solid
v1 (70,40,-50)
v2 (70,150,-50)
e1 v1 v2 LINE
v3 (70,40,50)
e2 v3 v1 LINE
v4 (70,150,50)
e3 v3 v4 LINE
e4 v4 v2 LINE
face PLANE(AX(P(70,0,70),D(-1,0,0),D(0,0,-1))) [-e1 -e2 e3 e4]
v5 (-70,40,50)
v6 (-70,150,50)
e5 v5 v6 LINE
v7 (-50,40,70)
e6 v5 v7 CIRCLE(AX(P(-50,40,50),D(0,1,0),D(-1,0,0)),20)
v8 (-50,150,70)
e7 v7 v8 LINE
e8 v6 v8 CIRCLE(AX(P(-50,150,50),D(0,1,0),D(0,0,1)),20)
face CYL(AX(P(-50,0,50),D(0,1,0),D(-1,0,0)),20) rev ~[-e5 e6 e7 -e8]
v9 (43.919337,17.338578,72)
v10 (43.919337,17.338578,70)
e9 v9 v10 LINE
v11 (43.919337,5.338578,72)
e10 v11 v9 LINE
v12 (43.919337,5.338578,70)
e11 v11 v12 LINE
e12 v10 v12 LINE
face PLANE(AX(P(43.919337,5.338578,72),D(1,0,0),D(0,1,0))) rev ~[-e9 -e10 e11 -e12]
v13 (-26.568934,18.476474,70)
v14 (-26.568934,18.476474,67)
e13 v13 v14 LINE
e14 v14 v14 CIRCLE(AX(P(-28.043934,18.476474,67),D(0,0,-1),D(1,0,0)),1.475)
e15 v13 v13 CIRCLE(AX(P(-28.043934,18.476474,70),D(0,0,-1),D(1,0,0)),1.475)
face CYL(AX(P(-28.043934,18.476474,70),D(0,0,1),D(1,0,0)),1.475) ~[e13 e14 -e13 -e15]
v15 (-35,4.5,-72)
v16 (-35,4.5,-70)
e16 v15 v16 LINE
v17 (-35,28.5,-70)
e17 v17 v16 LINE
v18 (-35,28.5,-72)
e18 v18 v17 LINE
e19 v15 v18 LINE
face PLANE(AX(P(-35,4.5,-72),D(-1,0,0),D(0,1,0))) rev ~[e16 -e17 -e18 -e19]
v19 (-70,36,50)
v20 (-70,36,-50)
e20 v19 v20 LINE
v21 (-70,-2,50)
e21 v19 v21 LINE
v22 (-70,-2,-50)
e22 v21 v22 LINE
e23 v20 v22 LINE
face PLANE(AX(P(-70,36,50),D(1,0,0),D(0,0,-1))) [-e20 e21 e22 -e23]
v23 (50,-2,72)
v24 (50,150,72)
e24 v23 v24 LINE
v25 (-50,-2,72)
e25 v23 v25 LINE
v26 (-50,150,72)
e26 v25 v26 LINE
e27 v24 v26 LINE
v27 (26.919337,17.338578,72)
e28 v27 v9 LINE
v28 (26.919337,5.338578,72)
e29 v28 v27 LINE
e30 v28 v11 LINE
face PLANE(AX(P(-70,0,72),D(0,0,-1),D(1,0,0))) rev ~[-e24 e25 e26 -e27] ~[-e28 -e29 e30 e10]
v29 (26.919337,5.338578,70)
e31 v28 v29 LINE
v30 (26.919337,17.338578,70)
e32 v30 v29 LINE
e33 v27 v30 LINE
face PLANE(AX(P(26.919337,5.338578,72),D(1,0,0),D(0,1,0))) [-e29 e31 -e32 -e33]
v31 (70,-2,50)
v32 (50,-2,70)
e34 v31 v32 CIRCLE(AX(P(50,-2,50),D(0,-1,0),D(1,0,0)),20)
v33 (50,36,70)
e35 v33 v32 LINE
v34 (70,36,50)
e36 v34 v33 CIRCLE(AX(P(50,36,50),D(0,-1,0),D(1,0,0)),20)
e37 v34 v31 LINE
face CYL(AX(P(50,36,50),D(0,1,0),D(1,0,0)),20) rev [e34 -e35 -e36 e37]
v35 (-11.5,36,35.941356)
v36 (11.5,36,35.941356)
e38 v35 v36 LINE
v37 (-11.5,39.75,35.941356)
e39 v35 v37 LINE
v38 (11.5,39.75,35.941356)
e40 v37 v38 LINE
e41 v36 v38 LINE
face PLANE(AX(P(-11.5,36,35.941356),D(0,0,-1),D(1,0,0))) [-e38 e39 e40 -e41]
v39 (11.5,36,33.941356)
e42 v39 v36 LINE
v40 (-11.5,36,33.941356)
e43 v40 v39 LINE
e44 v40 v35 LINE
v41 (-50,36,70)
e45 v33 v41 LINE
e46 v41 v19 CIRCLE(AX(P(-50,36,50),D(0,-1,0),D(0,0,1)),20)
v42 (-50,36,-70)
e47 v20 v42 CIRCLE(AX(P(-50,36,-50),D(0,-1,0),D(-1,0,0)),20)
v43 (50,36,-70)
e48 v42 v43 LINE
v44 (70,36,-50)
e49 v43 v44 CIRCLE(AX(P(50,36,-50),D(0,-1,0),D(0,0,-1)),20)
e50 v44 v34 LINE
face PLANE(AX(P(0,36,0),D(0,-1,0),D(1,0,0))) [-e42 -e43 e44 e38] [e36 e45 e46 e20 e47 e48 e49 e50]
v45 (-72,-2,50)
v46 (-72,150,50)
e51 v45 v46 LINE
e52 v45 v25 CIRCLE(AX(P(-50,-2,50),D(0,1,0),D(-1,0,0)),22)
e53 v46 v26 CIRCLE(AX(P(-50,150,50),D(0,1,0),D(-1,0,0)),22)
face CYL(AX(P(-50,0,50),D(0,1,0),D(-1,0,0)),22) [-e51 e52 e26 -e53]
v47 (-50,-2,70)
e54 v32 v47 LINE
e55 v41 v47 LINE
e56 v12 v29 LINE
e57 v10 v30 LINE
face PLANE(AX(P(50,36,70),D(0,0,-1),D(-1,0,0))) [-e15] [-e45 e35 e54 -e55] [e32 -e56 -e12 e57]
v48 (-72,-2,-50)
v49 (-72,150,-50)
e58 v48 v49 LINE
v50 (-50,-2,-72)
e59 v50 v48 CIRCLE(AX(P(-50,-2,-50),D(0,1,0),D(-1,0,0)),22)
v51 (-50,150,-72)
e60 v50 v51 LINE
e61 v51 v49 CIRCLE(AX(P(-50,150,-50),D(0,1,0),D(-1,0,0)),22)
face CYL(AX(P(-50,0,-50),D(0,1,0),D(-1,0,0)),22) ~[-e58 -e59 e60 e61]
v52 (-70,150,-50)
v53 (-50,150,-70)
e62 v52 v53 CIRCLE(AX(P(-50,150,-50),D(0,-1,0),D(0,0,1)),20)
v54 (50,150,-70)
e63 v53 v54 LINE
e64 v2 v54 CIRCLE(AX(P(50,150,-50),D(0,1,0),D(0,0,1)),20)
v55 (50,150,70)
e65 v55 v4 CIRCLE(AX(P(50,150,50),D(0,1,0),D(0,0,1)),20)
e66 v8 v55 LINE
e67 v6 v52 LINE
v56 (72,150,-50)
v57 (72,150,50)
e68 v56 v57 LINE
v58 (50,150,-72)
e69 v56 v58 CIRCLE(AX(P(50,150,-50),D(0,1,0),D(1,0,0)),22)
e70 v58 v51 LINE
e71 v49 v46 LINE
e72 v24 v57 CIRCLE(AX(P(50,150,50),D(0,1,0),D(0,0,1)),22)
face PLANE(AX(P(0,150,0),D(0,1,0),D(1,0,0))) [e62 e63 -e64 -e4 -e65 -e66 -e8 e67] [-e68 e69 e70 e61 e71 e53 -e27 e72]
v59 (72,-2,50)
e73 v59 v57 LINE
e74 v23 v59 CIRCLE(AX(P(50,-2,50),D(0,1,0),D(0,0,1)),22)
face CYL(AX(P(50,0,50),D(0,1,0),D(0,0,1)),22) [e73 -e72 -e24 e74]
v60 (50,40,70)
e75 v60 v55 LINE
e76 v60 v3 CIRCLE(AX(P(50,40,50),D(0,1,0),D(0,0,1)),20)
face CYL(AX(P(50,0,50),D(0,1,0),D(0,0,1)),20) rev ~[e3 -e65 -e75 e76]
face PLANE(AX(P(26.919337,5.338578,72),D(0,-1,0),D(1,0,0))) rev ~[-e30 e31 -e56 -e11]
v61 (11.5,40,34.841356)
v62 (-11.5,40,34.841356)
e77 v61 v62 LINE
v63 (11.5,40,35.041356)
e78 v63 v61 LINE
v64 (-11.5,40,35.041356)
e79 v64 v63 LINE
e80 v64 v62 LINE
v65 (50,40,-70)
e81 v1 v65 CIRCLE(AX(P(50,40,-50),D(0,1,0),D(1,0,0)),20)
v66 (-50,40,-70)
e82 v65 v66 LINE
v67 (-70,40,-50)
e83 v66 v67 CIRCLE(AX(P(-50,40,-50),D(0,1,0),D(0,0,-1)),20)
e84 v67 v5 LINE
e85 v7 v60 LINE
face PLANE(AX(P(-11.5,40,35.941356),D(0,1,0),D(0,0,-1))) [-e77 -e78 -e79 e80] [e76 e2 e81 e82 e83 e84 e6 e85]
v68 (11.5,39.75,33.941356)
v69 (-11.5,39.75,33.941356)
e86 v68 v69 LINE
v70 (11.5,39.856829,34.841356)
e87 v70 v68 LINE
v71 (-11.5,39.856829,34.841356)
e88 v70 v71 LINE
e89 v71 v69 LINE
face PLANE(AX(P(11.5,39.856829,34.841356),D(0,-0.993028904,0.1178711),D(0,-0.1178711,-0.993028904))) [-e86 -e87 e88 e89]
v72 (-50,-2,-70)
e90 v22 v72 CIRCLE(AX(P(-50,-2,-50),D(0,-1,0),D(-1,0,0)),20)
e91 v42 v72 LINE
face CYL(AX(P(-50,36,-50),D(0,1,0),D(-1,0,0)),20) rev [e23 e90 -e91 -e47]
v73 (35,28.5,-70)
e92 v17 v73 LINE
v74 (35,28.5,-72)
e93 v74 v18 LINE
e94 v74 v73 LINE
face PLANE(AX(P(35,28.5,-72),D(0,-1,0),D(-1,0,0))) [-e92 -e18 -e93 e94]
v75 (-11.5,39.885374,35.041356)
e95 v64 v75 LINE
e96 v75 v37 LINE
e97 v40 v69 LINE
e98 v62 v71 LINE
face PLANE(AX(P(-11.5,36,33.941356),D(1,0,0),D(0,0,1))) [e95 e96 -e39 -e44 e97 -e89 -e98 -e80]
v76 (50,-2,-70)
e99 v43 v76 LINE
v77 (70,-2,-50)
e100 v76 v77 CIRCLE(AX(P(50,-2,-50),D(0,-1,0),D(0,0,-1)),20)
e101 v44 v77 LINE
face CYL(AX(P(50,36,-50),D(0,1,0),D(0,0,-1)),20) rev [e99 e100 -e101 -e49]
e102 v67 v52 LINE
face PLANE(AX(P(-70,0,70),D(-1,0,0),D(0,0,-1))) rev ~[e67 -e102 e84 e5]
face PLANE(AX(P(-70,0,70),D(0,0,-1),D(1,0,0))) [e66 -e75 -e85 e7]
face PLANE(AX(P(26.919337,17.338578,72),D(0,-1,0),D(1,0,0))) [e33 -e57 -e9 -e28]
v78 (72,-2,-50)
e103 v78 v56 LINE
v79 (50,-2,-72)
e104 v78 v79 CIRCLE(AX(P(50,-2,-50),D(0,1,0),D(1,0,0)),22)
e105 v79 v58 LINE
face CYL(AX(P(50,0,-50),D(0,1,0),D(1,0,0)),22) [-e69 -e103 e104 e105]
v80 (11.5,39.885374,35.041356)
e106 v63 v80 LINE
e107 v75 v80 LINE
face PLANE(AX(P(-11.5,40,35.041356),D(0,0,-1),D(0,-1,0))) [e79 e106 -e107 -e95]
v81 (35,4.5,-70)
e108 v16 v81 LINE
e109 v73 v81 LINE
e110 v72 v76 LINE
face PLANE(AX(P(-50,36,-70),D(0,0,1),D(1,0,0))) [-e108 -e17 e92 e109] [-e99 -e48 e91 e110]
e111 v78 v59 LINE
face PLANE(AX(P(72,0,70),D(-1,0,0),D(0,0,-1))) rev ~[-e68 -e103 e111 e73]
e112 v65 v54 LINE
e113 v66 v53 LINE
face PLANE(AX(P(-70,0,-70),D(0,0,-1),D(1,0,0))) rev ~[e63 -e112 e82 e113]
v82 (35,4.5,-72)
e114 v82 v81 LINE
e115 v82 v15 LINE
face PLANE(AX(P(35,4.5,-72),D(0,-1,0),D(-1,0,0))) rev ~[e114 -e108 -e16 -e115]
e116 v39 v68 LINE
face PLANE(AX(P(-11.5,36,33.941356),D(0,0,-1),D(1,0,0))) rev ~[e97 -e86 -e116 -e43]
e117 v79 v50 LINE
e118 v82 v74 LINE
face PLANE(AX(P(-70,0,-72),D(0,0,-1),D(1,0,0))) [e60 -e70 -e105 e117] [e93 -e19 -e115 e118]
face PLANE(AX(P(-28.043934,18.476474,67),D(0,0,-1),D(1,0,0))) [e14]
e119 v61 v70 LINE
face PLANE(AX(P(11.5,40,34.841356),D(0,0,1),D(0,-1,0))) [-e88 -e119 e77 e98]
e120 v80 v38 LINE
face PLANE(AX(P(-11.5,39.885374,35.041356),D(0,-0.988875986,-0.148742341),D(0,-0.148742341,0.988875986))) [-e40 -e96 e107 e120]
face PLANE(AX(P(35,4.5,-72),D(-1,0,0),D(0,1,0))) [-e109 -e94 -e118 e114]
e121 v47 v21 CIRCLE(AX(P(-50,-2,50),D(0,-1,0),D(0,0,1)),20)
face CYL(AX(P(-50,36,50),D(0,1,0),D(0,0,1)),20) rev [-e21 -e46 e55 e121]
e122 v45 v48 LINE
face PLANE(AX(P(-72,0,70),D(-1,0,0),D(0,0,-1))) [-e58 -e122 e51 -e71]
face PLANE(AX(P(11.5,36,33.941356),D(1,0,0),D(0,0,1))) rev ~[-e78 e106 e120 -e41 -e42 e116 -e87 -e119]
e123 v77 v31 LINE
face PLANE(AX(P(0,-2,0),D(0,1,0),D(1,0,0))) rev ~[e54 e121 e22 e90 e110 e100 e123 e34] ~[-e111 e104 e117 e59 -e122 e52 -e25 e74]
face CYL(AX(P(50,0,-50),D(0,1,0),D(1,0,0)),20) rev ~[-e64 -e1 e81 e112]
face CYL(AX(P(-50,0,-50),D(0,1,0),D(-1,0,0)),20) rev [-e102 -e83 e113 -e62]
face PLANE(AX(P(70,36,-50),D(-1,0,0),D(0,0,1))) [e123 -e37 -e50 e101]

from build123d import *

# Parameters (mm, degrees)
ESQUISSE1_W             = 140
ESQUISSE1_H             = 140
BOSS_EXTRU_1_DEPTH      = 150
CONG_1_R                = 20
COQUE1_T                = 2
BOSS_EXTRU_2_START      = 40
BOSS_EXTRU_2_DEPTH      = 40
ENL_V_START             = -38
ENL_V_MAT_EXTRU_1_DEPTH = 38
ESQUISSE4_W             = 23
ESQUISSE4_H             = 2
ENL_V_MAT_EXTRU_2_DEPTH = 33
ESQUISSE5_W             = 70
ESQUISSE5_H             = 24
ENL_V_MAT_EXTRU_3_DEPTH = 33
ESQUISSE6_W             = 17
ESQUISSE6_H             = 12
ENL_V_MAT_EXTRU_4_DEPTH = 33
BOSS_EXTRU_3_DEPTH      = 23
BOSS_EXTRU_4_DEPTH      = 23
ESQUISSE12_R            = 1.475
BOSS_EXTRU_5_DEPTH      = 3


with BuildPart() as part:
    # Esquisse1 → Boss.-Extru.1 (new body)
    with BuildSketch(Plane(origin=(0, 0, 0), x_dir=(1, 0, 0), z_dir=(0, 1, 0))):
        Rectangle(ESQUISSE1_W, ESQUISSE1_H)
    extrude(amount=BOSS_EXTRU_1_DEPTH)

    # Congé1
    cong_1_edges = [part.edges().sort_by_distance(p)[0] for p in [
        (70, 75, 70),
        (-70, 75, 70),
        (-70, 75, -70),
        (70, 75, -70),
    ]]
    fillet(cong_1_edges, radius=CONG_1_R)

    # Coque1
    coque1_openings = [part.faces().sort_by_distance(p)[0] for p in [
        (0, 150, 0),
    ]]
    offset(amount=COQUE1_T, openings=coque1_openings, kind=Kind.INTERSECTION)

    # Esquisse2 → Boss.-Extru.2 (add)
    with BuildSketch(Plane(origin=(0, 0, 0), x_dir=(1, 0, 0), z_dir=(0, 1, 0)).offset(BOSS_EXTRU_2_START)):
        with BuildLine():
            Line((70, -50), (70, 50))
            ThreePointArc((70, 50), (64.142135624, 64.142135624), (50, 70))
            Line((50, 70), (-50, 70))
            ThreePointArc((-50, 70), (-64.142135624, 64.142135624), (-70, 50))
            Line((-70, 50), (-70, -50))
            ThreePointArc((-70, -50), (-64.142135624, -64.142135624), (-50, -70))
            Line((-50, -70), (50, -70))
            ThreePointArc((50, -70), (64.142135624, -64.142135624), (70, -50))
        make_face()
    extrude(amount=-BOSS_EXTRU_2_DEPTH)

    # Esquisse3 → Enlèv. mat.-Extru.1 (cut)
    with BuildSketch(Plane.XZ.offset(2).offset(ENL_V_START)):
        with BuildLine():
            Line((70, -50), (70, 50))
            ThreePointArc((70, 50), (64.142135624, 64.142135624), (50, 70))
            Line((50, 70), (-50, 70))
            ThreePointArc((-50, 70), (-64.142135624, 64.142135624), (-70, 50))
            Line((-70, 50), (-70, -50))
            ThreePointArc((-70, -50), (-64.142135624, -64.142135624), (-50, -70))
            Line((-50, -70), (50, -70))
            ThreePointArc((50, -70), (64.142135624, -64.142135624), (70, -50))
        make_face()
    extrude(amount=ENL_V_MAT_EXTRU_1_DEPTH, mode=Mode.SUBTRACT)

    # Esquisse4 → Enlèv. mat.-Extru.2 (cut)
    with BuildSketch(Plane.XZ.offset(-36)):
        with Locations((0, 34.941356373)):
            Rectangle(ESQUISSE4_W, ESQUISSE4_H)
    extrude(amount=-ENL_V_MAT_EXTRU_2_DEPTH, mode=Mode.SUBTRACT)

    # Esquisse5 → Enlèv. mat.-Extru.3 (cut)
    with BuildSketch(Plane(origin=(0, 0, -72), x_dir=(-1, 0, 0), z_dir=(0, 0, -1))):
        with Locations((0, 16.5)):
            Rectangle(ESQUISSE5_W, ESQUISSE5_H)
    extrude(amount=-ENL_V_MAT_EXTRU_3_DEPTH, mode=Mode.SUBTRACT)

    # Esquisse6 → Enlèv. mat.-Extru.4 (cut)
    with BuildSketch(Plane.XY.offset(72)):
        with Locations((35.41933702, 11.338578381)):
            Rectangle(ESQUISSE6_W, ESQUISSE6_H)
    extrude(amount=-ENL_V_MAT_EXTRU_4_DEPTH, mode=Mode.SUBTRACT)

    # Esquisse7 → Boss.-Extru.3 (add)
    with BuildSketch(Plane.ZY.offset(-11.5)):
        Polygon((33.941356373, 40), (34.841356373, 40), (34.841356373, 39.856828703), (33.941356373, 39.75), align=None)
    extrude(amount=BOSS_EXTRU_3_DEPTH)

    # Esquisse10 → Boss.-Extru.4 (add)
    with BuildSketch(Plane(origin=(-11.5, 0, 0), x_dir=(0, 0, -1), z_dir=(1, 0, 0))):
        Polygon((-35.941356373, 40), (-35.041356373, 40), (-35.041356373, 39.885374009), (-35.941356373, 39.75), align=None)
    extrude(amount=BOSS_EXTRU_4_DEPTH)

    # Esquisse12 → Boss.-Extru.5 (add)
    with BuildSketch(Plane(origin=(0, 0, 70), x_dir=(-1, 0, 0), z_dir=(0, 0, -1))):
        with Locations(Location((28.043934099, 18.476473505, 0), (0, 0, 180))):
            Circle(ESQUISSE12_R)
    extrude(amount=BOSS_EXTRU_5_DEPTH)


solid = part.part
